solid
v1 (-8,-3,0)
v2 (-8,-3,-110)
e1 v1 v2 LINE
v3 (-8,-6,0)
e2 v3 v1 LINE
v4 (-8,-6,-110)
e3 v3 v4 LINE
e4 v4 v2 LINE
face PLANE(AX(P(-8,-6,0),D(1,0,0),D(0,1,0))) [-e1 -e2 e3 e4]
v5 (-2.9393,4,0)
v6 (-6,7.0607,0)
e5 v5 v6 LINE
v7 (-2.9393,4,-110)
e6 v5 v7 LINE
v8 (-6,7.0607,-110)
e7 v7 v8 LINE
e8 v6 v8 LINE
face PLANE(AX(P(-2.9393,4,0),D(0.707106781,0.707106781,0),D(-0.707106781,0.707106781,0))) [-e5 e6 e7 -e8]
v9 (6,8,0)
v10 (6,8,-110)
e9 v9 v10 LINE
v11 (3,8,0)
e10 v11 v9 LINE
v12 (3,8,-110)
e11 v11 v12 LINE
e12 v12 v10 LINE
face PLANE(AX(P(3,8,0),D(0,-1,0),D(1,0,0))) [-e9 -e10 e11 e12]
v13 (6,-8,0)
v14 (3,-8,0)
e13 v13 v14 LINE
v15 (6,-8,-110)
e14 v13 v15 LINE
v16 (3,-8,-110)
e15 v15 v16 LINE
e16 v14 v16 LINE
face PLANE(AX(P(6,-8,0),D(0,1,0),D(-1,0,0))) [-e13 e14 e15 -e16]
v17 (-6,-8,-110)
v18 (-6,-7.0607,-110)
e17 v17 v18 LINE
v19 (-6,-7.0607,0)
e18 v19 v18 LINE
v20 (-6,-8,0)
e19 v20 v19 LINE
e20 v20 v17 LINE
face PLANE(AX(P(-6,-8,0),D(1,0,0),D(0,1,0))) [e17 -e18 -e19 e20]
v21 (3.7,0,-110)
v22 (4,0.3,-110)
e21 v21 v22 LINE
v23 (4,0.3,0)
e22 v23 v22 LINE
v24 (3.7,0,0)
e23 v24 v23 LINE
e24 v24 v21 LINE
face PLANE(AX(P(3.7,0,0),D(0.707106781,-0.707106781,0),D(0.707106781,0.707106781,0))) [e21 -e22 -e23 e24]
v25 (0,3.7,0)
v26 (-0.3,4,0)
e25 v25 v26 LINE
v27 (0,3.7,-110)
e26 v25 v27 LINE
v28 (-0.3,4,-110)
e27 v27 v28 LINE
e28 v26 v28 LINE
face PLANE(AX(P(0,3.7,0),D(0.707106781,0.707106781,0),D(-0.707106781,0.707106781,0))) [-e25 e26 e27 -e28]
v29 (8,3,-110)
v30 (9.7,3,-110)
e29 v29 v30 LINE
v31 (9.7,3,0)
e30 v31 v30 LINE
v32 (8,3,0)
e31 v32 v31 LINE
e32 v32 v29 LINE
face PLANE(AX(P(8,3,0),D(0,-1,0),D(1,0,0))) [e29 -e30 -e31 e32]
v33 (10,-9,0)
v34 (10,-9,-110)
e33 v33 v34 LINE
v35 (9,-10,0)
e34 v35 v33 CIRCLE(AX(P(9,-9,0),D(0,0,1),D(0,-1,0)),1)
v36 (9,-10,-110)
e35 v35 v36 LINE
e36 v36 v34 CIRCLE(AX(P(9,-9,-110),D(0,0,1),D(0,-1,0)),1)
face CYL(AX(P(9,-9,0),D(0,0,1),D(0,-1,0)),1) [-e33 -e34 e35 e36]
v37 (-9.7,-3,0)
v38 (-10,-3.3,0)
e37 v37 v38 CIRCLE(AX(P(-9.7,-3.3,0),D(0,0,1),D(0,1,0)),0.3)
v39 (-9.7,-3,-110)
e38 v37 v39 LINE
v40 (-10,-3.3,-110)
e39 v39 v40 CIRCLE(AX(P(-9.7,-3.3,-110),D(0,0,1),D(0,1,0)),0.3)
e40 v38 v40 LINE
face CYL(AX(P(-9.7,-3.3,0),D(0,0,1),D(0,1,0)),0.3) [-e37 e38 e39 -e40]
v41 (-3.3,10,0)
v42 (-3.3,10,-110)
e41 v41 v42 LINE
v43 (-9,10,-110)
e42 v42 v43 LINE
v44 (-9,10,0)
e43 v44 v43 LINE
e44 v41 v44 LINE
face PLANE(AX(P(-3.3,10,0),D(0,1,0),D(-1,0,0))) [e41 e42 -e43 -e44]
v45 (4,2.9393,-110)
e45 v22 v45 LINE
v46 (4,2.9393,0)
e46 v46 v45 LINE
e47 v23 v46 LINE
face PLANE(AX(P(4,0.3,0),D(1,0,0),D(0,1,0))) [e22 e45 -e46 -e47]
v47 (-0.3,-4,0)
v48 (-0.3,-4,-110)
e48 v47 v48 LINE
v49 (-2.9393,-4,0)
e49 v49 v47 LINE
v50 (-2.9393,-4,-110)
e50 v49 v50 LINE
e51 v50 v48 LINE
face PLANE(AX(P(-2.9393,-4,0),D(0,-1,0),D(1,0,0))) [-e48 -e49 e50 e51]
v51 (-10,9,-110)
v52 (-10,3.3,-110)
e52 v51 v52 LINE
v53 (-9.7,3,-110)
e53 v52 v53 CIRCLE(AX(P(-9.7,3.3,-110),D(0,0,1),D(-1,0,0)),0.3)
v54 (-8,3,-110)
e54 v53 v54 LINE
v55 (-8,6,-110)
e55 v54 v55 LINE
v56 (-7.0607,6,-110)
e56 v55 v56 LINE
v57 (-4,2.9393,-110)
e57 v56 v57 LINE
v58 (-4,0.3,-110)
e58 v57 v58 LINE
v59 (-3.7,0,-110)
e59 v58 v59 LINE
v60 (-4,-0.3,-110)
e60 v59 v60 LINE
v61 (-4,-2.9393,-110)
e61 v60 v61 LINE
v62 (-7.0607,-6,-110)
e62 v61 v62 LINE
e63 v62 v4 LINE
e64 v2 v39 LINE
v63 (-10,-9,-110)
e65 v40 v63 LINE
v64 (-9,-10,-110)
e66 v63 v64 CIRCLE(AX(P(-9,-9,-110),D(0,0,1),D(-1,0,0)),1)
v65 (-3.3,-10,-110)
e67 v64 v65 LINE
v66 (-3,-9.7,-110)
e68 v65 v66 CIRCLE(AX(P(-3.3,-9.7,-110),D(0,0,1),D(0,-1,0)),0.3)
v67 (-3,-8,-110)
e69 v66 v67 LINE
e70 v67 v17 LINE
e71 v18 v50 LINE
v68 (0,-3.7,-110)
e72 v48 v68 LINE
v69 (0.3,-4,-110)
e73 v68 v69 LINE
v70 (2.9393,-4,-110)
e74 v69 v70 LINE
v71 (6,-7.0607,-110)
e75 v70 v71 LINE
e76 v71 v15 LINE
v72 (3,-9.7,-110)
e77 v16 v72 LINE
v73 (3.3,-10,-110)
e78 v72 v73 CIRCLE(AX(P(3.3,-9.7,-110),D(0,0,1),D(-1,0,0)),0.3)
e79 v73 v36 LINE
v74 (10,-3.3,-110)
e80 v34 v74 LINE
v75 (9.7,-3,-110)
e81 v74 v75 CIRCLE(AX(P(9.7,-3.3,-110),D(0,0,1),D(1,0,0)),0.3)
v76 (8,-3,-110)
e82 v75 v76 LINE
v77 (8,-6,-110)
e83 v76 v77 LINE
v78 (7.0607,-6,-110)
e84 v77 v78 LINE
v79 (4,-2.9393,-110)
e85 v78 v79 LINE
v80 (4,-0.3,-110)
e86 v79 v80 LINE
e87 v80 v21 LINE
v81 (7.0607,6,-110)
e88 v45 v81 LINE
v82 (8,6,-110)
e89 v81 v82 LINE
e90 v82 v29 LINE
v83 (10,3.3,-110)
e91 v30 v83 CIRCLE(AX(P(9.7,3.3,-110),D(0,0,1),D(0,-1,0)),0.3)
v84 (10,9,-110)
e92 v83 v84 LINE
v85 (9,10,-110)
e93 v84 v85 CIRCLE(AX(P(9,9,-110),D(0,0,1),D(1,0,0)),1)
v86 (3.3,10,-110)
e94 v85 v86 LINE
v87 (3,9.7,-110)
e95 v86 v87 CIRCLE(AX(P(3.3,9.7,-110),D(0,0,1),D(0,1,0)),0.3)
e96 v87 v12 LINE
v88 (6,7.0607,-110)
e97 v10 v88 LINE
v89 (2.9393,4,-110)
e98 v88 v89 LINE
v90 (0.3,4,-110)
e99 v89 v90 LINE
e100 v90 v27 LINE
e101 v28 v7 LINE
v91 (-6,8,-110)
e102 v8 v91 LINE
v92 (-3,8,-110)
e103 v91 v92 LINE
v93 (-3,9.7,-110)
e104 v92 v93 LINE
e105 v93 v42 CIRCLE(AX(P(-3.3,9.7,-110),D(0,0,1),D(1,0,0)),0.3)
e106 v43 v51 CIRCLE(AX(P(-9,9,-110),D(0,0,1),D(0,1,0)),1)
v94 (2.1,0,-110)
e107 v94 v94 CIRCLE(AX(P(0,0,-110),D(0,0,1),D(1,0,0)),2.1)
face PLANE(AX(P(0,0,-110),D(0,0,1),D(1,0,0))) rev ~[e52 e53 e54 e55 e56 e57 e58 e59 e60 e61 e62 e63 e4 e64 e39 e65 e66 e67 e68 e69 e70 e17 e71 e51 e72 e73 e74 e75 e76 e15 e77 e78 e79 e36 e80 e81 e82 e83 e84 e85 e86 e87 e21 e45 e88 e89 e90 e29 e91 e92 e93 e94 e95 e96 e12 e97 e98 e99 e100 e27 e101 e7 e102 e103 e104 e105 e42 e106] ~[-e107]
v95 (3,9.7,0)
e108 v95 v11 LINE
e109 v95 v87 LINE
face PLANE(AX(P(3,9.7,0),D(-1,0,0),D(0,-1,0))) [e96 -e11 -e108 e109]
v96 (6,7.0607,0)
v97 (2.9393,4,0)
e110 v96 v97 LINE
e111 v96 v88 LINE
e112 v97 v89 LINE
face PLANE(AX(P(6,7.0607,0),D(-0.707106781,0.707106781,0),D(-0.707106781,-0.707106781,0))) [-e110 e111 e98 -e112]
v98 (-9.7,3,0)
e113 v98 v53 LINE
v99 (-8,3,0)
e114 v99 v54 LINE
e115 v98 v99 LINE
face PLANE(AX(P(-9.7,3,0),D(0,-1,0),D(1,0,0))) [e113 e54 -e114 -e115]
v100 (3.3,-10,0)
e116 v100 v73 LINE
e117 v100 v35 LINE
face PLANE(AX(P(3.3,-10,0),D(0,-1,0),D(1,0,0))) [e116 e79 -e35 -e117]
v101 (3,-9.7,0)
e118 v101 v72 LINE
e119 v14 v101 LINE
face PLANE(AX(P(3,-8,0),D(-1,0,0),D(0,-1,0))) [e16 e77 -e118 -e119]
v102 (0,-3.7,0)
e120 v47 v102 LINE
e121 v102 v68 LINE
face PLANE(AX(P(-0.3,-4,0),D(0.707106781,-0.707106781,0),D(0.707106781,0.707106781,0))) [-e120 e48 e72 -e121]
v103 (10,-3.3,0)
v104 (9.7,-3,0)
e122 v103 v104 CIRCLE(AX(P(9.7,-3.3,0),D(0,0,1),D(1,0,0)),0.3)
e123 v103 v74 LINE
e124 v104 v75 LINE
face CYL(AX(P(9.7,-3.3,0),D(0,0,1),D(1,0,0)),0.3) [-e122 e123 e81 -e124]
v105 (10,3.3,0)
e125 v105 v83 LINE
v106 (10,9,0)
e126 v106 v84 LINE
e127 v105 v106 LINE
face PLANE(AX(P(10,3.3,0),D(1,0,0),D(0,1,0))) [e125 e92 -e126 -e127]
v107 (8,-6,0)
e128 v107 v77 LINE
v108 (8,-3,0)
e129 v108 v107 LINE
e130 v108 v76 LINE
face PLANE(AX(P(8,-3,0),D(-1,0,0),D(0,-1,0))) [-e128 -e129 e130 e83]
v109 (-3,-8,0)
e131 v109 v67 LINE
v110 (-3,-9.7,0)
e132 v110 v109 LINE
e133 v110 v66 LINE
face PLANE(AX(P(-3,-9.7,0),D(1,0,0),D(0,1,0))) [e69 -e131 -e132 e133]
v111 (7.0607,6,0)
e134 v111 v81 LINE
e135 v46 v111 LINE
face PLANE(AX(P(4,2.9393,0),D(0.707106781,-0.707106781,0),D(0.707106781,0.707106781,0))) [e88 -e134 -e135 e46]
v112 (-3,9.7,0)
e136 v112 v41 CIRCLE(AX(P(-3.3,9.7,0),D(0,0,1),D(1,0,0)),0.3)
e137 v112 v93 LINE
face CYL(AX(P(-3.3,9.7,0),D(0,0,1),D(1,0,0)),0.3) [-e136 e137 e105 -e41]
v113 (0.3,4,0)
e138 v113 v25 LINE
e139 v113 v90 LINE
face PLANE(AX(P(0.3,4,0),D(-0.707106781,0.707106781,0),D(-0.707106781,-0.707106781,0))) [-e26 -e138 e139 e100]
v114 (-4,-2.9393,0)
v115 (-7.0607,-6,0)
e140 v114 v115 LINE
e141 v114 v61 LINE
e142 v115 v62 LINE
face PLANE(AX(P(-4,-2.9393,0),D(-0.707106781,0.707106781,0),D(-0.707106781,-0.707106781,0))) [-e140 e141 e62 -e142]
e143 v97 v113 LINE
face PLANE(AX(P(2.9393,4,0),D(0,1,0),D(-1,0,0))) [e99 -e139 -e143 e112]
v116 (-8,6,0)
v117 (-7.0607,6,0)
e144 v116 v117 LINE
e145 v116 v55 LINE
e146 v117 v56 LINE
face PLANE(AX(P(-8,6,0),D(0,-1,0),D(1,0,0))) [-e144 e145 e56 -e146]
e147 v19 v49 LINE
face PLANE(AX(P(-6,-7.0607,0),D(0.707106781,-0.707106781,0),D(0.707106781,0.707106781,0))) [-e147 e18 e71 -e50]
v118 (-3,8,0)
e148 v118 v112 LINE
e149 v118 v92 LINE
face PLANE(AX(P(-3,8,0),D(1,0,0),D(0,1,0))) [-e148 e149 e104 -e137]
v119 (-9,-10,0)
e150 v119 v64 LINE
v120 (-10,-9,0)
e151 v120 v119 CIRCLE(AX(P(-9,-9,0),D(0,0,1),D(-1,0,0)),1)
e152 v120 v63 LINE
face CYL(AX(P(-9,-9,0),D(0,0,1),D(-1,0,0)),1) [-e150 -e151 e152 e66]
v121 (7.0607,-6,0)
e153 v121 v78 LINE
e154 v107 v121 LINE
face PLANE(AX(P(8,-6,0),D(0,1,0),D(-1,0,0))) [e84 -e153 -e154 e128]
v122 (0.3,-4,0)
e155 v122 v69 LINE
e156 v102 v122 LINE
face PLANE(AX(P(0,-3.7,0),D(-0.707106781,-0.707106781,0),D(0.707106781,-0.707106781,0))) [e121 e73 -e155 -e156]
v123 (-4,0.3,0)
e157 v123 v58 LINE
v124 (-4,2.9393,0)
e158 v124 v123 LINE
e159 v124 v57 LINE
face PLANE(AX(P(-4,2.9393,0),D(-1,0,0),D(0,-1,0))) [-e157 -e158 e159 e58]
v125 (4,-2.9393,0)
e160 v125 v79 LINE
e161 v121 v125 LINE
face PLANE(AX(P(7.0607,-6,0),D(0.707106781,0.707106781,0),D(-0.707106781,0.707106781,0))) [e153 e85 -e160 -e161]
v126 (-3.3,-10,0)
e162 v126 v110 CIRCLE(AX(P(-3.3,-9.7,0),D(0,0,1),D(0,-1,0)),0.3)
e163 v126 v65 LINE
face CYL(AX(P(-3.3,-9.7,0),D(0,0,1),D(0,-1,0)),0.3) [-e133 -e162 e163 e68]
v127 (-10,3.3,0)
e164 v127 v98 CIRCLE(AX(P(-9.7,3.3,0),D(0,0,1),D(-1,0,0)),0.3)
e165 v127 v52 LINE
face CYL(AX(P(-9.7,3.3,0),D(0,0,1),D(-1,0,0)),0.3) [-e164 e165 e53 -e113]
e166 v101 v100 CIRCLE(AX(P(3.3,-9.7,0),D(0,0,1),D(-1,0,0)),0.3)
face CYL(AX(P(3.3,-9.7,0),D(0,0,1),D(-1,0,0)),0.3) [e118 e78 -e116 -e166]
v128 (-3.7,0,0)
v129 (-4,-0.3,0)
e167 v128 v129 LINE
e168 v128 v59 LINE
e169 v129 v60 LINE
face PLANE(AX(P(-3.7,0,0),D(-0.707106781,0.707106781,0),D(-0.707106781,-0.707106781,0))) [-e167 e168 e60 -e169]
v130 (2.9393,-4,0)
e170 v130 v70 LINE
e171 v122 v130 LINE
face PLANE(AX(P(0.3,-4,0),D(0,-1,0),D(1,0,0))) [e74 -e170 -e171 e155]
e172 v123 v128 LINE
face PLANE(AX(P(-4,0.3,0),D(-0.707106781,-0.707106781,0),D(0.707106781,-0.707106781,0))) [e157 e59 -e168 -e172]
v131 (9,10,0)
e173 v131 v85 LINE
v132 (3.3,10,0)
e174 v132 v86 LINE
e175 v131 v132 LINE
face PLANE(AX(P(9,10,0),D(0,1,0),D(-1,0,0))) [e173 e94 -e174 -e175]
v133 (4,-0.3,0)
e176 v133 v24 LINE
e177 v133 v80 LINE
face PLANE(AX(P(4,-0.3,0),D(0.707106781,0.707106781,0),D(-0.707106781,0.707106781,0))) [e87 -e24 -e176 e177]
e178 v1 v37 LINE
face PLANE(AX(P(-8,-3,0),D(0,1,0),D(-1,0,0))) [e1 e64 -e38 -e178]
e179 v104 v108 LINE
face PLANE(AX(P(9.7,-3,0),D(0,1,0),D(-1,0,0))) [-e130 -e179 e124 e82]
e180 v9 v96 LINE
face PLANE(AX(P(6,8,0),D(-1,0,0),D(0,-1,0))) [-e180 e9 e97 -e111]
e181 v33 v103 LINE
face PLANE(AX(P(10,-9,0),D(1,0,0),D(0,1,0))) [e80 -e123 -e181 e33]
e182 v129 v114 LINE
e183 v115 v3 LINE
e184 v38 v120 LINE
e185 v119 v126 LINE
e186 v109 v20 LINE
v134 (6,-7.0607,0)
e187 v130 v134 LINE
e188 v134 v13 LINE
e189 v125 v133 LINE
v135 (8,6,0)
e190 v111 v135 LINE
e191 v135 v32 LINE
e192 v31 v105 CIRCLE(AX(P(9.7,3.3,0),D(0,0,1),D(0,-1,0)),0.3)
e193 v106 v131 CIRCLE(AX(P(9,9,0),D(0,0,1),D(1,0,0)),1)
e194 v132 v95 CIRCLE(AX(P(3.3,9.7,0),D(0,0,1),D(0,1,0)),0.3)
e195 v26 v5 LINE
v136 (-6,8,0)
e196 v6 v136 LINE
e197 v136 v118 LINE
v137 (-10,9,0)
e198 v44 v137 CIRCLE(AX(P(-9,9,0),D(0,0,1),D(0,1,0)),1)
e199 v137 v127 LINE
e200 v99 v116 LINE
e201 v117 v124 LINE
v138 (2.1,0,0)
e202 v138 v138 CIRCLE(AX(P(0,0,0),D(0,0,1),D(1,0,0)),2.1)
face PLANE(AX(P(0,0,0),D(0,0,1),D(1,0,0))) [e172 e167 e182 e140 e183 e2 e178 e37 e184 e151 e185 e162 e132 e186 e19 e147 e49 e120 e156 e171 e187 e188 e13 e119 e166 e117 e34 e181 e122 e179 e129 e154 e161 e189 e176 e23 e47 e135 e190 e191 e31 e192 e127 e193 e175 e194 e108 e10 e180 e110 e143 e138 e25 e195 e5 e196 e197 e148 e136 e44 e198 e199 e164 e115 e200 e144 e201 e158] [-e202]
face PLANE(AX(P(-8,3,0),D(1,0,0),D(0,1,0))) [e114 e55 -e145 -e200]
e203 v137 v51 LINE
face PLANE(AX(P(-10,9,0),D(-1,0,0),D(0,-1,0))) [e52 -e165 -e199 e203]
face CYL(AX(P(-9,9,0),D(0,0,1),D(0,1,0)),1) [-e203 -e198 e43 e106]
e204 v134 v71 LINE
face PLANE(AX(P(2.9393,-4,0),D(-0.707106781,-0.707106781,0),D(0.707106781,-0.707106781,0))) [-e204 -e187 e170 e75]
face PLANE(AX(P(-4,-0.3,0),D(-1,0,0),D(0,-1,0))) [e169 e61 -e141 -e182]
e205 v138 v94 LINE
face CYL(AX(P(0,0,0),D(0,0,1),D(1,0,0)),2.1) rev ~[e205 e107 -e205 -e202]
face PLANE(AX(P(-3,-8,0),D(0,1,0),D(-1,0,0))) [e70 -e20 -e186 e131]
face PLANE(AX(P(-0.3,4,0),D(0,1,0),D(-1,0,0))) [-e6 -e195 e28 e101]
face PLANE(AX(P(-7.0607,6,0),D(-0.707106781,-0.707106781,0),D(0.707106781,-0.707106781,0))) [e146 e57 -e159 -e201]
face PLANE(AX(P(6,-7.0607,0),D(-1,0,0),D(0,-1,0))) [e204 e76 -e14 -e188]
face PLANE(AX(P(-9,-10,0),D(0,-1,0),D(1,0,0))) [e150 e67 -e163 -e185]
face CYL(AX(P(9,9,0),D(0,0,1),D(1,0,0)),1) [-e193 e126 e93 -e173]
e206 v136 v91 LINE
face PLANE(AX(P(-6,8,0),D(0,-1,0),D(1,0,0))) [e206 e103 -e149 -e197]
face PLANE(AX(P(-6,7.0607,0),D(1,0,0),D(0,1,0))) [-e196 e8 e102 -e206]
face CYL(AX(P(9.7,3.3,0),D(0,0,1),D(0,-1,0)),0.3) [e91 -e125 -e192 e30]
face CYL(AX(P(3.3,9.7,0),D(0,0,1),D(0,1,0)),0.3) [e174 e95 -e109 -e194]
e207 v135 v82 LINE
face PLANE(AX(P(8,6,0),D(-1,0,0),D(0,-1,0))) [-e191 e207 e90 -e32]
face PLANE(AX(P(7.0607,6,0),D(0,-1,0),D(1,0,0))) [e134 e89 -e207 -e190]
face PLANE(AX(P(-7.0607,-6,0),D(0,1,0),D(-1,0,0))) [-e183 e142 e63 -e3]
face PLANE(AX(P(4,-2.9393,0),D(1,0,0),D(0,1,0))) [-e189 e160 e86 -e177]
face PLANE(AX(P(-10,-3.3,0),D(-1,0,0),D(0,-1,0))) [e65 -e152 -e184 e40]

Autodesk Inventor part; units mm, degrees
sketch "Sketch_5" plane through (0, 0, 0) normal (0, 0, 1) x (1, 0, 0)
  arc A0 (-10, 3.3) -> (-9.7, 3) centre (-9.7, 3.3) ccw
  line L0 (-9.7, 3) -> (-8, 3)
  line L1 (-8, 3) -> (-8, 6)
  line L2 (-8, 6) -> (-7.0607, 6)
  line L3 (-7.0607, 6) -> (-4, 2.9393)
  line L4 (-4, 2.9393) -> (-4, 0.3)
  line L5 (-4, 0.3) -> (-3.7, 0)
  line L6 (-3.7, 0) -> (-4, -0.3)
  line L7 (-4, -0.3) -> (-4, -2.9393)
  line L8 (-4, -2.9393) -> (-7.0607, -6)
  line L9 (-7.0607, -6) -> (-8, -6)
  line L10 (-8, -6) -> (-8, -3)
  line L11 (-8, -3) -> (-9.7, -3)
  arc A1 (-9.7, -3) -> (-10, -3.3) centre (-9.7, -3.3) ccw
  line L12 (-10, -3.3) -> (-10, -9)
  arc A2 (-10, -9) -> (-9, -10) centre (-9, -9) ccw
  line L13 (-9, -10) -> (-3.3, -10)
  arc A3 (-3.3, -10) -> (-3, -9.7) centre (-3.3, -9.7) ccw
  line L14 (-3, -9.7) -> (-3, -8)
  line L15 (-3, -8) -> (-6, -8)
  line L16 (-6, -8) -> (-6, -7.0607)
  line L17 (-6, -7.0607) -> (-2.9393, -4)
  line L18 (-2.9393, -4) -> (-0.3, -4)
  line L19 (-0.3, -4) -> (0, -3.7)
  line L20 (0, -3.7) -> (0.3, -4)
  line L21 (0.3, -4) -> (2.9393, -4)
  line L22 (2.9393, -4) -> (6, -7.0607)
  line L23 (6, -7.0607) -> (6, -8)
  line L24 (6, -8) -> (3, -8)
  line L25 (3, -8) -> (3, -9.7)
  arc A4 (3, -9.7) -> (3.3, -10) centre (3.3, -9.7) ccw
  line L26 (3.3, -10) -> (9, -10)
  arc A5 (9, -10) -> (10, -9) centre (9, -9) ccw
  line L27 (10, -9) -> (10, -3.3)
  arc A6 (10, -3.3) -> (9.7, -3) centre (9.7, -3.3) ccw
  line L28 (9.7, -3) -> (8, -3)
  line L29 (8, -3) -> (8, -6)
  line L30 (8, -6) -> (7.0607, -6)
  line L31 (7.0607, -6) -> (4, -2.9393)
  line L32 (4, -2.9393) -> (4, -0.3)
  line L33 (4, -0.3) -> (3.7, 0)
  line L34 (3.7, 0) -> (4, 0.3)
  line L35 (4, 0.3) -> (4, 2.9393)
  line L36 (4, 2.9393) -> (7.0607, 6)
  line L37 (7.0607, 6) -> (8, 6)
  line L38 (8, 6) -> (8, 3)
  line L39 (8, 3) -> (9.7, 3)
  arc A7 (9.7, 3) -> (10, 3.3) centre (9.7, 3.3) ccw
  line L40 (10, 3.3) -> (10, 9)
  arc A8 (10, 9) -> (9, 10) centre (9, 9) ccw
  line L41 (9, 10) -> (3.3, 10)
  arc A9 (3.3, 10) -> (3, 9.7) centre (3.3, 9.7) ccw
  line L42 (3, 9.7) -> (3, 8)
  line L43 (3, 8) -> (6, 8)
  line L44 (6, 8) -> (6, 7.0607)
  line L45 (6, 7.0607) -> (2.9393, 4)
  line L46 (2.9393, 4) -> (0.3, 4)
  line L47 (0.3, 4) -> (0, 3.7)
  line L48 (0, 3.7) -> (-0.3, 4)
  line L49 (-0.3, 4) -> (-2.9393, 4)
  line L50 (-2.9393, 4) -> (-6, 7.0607)
  line L51 (-6, 7.0607) -> (-6, 8)
  line L52 (-6, 8) -> (-3, 8)
  line L53 (-3, 8) -> (-3, 9.7)
  arc A10 (-3, 9.7) -> (-3.3, 10) centre (-3.3, 9.7) ccw
  line L54 (-3.3, 10) -> (-9, 10)
  arc A11 (-9, 10) -> (-10, 9) centre (-9, 9) ccw
  line L55 (-10, 9) -> (-10, 3.3)
  circle A12 centre (0, 0) radius 2.1
extrude "Extrusion1" add sketch "Sketch_5" against normal blind 110
ref_plane "to_frame_XY" through (0, 0, 0) normal (0, 0, 1) x (1, 0, 0)
ref_plane "to_frame_YZ" through (0, 0, 0) normal (1, 0, 0) x (0, 1, 0)
ref_plane "to_frame_ZX" through (0, 0, 0) normal (0, 1, 0) x (0, 0, 1)
properties part number "프로파일_110" material "알루미늄 6061"
